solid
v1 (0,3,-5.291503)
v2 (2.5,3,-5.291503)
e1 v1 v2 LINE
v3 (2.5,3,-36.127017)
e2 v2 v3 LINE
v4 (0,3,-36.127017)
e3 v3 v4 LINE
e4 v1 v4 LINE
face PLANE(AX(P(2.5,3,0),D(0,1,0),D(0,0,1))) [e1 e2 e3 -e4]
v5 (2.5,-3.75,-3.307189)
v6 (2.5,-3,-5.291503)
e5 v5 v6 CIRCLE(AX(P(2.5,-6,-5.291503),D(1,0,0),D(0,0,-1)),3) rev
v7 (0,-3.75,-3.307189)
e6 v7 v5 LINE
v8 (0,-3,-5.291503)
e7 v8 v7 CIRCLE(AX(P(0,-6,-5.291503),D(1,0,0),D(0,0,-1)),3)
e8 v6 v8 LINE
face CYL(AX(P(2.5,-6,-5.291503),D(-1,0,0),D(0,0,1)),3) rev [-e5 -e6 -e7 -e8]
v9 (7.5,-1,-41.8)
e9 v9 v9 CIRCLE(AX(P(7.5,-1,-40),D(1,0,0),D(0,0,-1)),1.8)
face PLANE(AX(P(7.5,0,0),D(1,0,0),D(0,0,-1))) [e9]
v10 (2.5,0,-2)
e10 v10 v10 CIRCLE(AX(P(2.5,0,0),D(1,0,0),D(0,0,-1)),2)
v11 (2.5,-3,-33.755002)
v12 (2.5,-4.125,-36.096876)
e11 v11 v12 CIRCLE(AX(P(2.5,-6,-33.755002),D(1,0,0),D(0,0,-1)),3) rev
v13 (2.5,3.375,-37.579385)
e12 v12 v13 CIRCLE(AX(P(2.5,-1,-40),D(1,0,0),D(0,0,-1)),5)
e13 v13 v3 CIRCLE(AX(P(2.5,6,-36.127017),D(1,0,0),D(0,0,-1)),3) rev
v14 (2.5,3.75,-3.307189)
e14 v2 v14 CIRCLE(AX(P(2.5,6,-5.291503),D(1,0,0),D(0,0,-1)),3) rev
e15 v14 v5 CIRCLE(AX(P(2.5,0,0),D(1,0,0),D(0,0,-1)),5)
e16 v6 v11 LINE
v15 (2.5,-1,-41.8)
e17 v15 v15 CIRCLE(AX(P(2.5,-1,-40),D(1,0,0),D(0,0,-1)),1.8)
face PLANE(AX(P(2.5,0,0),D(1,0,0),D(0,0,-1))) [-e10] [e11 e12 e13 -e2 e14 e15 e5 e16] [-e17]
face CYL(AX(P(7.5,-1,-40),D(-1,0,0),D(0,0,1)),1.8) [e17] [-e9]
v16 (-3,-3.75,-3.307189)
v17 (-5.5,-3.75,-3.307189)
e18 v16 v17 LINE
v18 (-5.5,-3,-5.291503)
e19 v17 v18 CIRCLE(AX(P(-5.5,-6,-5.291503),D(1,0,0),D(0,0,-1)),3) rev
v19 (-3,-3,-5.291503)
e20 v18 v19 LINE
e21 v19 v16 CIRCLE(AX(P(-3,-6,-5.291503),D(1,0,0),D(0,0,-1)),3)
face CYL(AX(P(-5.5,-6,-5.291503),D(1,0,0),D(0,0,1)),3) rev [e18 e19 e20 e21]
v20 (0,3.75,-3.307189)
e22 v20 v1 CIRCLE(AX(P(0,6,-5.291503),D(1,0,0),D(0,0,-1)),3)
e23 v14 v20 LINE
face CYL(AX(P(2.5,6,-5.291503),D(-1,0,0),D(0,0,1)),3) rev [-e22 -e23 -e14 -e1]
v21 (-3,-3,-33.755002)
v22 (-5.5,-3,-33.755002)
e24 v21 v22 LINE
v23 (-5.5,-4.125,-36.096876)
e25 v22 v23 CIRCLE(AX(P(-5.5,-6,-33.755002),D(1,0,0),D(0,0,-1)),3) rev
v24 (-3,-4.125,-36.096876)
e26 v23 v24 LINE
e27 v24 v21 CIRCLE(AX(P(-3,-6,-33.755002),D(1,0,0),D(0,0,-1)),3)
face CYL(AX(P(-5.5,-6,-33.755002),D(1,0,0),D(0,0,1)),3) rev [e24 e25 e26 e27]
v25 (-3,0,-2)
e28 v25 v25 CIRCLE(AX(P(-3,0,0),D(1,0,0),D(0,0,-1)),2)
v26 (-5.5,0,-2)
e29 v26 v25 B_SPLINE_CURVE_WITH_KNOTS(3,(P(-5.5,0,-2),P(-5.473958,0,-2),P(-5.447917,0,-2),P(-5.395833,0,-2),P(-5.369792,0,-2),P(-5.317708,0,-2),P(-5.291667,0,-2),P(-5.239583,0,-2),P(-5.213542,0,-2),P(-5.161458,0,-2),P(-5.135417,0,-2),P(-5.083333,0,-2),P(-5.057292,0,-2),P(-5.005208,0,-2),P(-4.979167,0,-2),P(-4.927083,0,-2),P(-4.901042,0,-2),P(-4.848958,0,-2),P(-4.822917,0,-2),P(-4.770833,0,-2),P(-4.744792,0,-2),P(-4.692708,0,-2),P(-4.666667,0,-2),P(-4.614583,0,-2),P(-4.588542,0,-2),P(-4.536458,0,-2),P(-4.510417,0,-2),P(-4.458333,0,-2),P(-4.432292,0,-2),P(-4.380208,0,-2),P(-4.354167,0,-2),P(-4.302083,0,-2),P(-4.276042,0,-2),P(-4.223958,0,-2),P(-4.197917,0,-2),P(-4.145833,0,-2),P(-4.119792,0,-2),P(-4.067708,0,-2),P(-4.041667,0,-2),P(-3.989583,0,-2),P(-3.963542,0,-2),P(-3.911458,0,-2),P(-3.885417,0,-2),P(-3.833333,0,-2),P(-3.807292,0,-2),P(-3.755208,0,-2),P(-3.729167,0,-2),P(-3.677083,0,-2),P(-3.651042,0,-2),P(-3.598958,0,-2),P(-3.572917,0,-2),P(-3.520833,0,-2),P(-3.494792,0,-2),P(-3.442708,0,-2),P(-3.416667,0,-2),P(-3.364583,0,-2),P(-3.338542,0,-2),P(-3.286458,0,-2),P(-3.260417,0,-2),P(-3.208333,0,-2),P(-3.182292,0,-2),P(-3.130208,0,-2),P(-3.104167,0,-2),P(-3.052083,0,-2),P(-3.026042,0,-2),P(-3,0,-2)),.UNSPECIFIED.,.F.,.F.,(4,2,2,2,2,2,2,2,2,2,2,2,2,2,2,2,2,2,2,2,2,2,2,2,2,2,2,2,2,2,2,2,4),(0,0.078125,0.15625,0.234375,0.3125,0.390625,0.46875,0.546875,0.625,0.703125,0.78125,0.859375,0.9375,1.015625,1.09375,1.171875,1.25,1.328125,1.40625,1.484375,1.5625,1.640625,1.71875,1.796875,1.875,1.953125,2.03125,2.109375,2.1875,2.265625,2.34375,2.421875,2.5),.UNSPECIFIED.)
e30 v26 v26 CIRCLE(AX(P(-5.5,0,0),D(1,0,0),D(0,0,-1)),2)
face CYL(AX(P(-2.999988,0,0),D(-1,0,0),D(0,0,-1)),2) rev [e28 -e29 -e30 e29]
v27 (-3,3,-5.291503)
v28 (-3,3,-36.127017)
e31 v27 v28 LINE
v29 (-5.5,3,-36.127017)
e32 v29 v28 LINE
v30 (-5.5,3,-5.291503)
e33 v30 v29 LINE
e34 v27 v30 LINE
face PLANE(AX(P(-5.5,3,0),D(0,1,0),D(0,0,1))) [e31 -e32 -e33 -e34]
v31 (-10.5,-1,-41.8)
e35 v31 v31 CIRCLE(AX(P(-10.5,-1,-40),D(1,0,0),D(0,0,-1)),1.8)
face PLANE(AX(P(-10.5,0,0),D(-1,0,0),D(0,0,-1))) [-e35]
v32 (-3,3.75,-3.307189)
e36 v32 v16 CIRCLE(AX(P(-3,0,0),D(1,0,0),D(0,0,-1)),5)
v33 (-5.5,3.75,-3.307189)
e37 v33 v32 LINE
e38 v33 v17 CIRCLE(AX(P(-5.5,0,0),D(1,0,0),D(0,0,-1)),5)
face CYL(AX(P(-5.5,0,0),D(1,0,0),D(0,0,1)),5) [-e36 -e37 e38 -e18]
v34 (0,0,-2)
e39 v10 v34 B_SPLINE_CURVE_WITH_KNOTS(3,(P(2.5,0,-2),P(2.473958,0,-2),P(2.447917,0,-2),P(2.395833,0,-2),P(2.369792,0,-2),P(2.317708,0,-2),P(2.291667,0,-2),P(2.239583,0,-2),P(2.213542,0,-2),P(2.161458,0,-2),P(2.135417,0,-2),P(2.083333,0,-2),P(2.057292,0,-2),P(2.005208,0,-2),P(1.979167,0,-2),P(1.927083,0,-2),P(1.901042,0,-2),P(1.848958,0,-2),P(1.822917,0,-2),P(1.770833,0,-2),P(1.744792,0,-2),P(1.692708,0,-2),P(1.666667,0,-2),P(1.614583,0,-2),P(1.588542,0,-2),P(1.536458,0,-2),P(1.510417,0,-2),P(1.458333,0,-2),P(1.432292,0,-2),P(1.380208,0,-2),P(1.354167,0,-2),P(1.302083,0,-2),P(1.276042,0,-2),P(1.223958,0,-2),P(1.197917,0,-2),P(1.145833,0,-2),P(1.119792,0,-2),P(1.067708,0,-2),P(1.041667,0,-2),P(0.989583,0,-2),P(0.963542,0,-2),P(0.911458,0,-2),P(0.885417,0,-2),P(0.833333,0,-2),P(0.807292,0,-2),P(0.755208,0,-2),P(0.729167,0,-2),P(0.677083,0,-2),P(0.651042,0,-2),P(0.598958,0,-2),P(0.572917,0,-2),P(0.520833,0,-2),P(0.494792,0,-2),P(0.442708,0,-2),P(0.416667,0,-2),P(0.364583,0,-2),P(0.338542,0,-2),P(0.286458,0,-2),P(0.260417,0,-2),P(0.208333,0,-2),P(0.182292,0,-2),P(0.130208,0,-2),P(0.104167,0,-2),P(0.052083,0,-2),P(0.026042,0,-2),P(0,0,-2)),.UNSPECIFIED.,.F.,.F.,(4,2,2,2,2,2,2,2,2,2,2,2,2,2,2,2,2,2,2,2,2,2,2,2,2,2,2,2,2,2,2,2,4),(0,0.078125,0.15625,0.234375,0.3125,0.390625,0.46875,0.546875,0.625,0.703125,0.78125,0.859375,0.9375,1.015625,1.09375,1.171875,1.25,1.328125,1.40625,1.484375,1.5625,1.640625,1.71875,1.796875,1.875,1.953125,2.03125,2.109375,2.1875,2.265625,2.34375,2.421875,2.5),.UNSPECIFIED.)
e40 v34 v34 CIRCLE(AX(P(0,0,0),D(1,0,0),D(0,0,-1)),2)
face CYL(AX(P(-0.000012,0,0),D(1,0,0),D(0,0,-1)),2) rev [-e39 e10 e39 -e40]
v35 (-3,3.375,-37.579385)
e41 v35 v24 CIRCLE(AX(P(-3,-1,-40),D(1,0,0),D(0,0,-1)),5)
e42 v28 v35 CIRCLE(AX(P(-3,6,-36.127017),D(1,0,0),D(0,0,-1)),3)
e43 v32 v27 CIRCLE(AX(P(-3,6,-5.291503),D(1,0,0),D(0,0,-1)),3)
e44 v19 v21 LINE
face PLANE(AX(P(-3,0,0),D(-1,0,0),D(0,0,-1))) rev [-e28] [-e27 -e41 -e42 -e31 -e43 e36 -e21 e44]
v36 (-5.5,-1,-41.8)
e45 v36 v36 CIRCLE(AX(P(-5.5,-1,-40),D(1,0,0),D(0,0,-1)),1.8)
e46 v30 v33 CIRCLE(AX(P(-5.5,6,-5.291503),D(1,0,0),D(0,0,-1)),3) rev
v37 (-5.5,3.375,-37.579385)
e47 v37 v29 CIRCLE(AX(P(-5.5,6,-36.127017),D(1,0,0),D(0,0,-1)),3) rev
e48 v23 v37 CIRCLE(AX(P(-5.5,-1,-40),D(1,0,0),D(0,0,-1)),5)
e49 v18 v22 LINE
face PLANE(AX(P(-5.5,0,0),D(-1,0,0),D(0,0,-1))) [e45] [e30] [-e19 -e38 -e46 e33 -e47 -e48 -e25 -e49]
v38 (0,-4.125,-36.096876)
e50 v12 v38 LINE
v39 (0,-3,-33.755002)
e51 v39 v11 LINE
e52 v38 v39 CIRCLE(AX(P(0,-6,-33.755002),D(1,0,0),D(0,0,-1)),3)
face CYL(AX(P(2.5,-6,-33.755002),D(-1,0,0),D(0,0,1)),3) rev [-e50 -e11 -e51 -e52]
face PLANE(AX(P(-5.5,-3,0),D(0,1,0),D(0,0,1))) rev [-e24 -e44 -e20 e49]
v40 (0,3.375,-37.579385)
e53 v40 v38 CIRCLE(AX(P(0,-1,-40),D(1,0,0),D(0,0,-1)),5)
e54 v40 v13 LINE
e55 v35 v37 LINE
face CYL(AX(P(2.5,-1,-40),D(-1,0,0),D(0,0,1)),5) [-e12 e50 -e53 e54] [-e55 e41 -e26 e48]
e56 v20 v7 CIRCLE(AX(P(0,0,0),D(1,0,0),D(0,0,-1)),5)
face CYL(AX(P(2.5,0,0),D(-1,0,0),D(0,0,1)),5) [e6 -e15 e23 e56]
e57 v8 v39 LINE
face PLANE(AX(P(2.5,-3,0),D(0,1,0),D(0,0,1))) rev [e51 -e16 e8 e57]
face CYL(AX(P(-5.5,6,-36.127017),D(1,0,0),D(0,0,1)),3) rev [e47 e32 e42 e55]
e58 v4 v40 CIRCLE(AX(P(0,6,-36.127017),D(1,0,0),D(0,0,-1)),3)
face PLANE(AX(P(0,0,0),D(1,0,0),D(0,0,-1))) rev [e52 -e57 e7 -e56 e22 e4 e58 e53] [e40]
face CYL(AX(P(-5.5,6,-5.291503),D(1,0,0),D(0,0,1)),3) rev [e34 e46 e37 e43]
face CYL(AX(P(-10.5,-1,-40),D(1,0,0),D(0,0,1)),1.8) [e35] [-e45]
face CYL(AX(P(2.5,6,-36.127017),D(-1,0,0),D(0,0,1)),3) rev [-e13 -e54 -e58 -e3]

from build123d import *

# Parameters (mm, degrees)
SKETCH_1_R                  = 5
SKETCH_1_W                  = 40
SKETCH_1_H                  = 6
EXTRUDE_1_DEPTH             = 2.5
CUT_EXTRUDE_2_DEPTH         = 46.467021015
CUT_EXTRUDE_2_DEPTH_BACK    = 46.467021015
SKETCH_1_3_R                = 2
FILLET_1_R                  = 3
EXTRUDE_START               = -1.5
SKETCH_1_4_R                = 5
SKETCH_1_4_R_2              = 2
EXTRUDE_2_DEPTH             = 1.5
SKETCH_2_R                  = 1.8
EXTRUDE_4_DEPTH             = 5
EXTRUDE_5_REACH             = 48.014
SKETCH_1_5_R                = 2
EXTRUDE_5_DIRECTION_2_REACH = 48.014


with BuildPart() as part:
    # 草图1 → 凸台-拉伸1 (new body)
    with BuildSketch(Plane(origin=(0, 0, 0), x_dir=(0, 0, -1), z_dir=(1, 0, 0))):
        Circle(SKETCH_1_R)
        with Locations((40, -1)):
            Circle(SKETCH_1_R)
        with Locations((20, 0)):
            Rectangle(SKETCH_1_W, SKETCH_1_H)
    extrude(amount=EXTRUDE_1_DEPTH)

    # 草图1<3> → 切除-拉伸2 (cut, two sides: drawn at the far end of the back side and taken through both)
    with BuildSketch(Plane(origin=(0, 0, 0), x_dir=(0, 0, -1), z_dir=(1, 0, 0)).offset(-CUT_EXTRUDE_2_DEPTH_BACK)):
        Circle(SKETCH_1_3_R)
        with Locations((40, -1)):
            Circle(SKETCH_1_3_R)
    extrude(amount=CUT_EXTRUDE_2_DEPTH + CUT_EXTRUDE_2_DEPTH_BACK, mode=Mode.SUBTRACT)

    # 圆角1
    fillet_1_edges = [part.edges().sort_by_distance(p)[0] for p in [
        (1.25, -3, -4),
        (1.25, -3, -35.417424305),
        (1.25, 3, -37),
        (1.25, 3, -4),
    ]]
    fillet(fillet_1_edges, radius=FILLET_1_R)

    # 草图1<4> → 凸台-拉伸2 (add)
    with BuildSketch(Plane(origin=(0, 0, 0), x_dir=(0, 0, -1), z_dir=(1, 0, 0)).offset(EXTRUDE_START)):
        with Locations((40, -1)):
            Circle(SKETCH_1_4_R)
        with Locations((40, -1)):
            Circle(SKETCH_1_4_R_2, mode=Mode.SUBTRACT)
    extrude(amount=EXTRUDE_2_DEPTH)

    # 凸台-拉伸5: up to this face of the body (flat: up to its plane)
    extrude_5_end = Plane(part.part.faces().sort_by_distance((2.5, -0.197791912, -20.041492076))[0])
    # 草图1<5> → 凸台-拉伸5 (add, up to the picked face)
    with BuildSketch(Plane(origin=(0, 0, 0), x_dir=(0, 0, -1), z_dir=(1, 0, 0)), mode=Mode.PRIVATE) as extrude_5_sk1:
        with Locations((40, -1)):
            Circle(SKETCH_1_5_R)
    extrude_5_tool1 = split(extrude(extrude_5_sk1.sketch, amount=EXTRUDE_5_REACH, mode=Mode.PRIVATE), bisect_by=extrude_5_end, keep=Keep.BOTH, mode=Mode.PRIVATE)


with BuildPart() as body_2:
    # 草图2 → 凸台-拉伸4 (new body)
    with BuildSketch(Plane(origin=(2.5, 0, 0), x_dir=(0, 0, -1), z_dir=(1, 0, 0))):
        with Locations((40, -1)):
            Circle(SKETCH_2_R)
    extrude(amount=EXTRUDE_4_DEPTH)


with BuildPart() as part_1:
    add(part.part)

    add(body_2.part)  # 凸台-拉伸5 merges body 2
    add(extrude_5_tool1.solids().sort_by(Axis((0, -1, -40), (1, 0, 0)))[0])

    # 凸台-拉伸5 direction 2: up to this face of the body (flat: up to its plane)
    extrude_5_direction_2_end = Plane(part_1.part.faces().sort_by_distance((-1.5, -1, -35.141421356))[0])
    # 草图1<5> → 凸台-拉伸5 direction 2 (add, up to the picked face)
    with BuildSketch(Plane(origin=(0, 0, 0), x_dir=(0, 0, -1), z_dir=(1, 0, 0)), mode=Mode.PRIVATE) as extrude_5_direction_2_sk1:
        with Locations((40, -1)):
            Circle(SKETCH_1_5_R)
    extrude_5_direction_2_tool1 = split(extrude(extrude_5_direction_2_sk1.sketch, amount=-EXTRUDE_5_DIRECTION_2_REACH, mode=Mode.PRIVATE), bisect_by=extrude_5_direction_2_end, keep=Keep.BOTH, mode=Mode.PRIVATE)
    add(extrude_5_direction_2_tool1.solids().sort_by(Axis((0, -1, -40), (-1, 0, 0)))[0])

    # 镜向3: part across plane


with BuildPart() as part_2:
    add(part_1.part)
    add(part_1.part.mirror(Plane.ZY.offset(1.5)))


solid = part_2.part
